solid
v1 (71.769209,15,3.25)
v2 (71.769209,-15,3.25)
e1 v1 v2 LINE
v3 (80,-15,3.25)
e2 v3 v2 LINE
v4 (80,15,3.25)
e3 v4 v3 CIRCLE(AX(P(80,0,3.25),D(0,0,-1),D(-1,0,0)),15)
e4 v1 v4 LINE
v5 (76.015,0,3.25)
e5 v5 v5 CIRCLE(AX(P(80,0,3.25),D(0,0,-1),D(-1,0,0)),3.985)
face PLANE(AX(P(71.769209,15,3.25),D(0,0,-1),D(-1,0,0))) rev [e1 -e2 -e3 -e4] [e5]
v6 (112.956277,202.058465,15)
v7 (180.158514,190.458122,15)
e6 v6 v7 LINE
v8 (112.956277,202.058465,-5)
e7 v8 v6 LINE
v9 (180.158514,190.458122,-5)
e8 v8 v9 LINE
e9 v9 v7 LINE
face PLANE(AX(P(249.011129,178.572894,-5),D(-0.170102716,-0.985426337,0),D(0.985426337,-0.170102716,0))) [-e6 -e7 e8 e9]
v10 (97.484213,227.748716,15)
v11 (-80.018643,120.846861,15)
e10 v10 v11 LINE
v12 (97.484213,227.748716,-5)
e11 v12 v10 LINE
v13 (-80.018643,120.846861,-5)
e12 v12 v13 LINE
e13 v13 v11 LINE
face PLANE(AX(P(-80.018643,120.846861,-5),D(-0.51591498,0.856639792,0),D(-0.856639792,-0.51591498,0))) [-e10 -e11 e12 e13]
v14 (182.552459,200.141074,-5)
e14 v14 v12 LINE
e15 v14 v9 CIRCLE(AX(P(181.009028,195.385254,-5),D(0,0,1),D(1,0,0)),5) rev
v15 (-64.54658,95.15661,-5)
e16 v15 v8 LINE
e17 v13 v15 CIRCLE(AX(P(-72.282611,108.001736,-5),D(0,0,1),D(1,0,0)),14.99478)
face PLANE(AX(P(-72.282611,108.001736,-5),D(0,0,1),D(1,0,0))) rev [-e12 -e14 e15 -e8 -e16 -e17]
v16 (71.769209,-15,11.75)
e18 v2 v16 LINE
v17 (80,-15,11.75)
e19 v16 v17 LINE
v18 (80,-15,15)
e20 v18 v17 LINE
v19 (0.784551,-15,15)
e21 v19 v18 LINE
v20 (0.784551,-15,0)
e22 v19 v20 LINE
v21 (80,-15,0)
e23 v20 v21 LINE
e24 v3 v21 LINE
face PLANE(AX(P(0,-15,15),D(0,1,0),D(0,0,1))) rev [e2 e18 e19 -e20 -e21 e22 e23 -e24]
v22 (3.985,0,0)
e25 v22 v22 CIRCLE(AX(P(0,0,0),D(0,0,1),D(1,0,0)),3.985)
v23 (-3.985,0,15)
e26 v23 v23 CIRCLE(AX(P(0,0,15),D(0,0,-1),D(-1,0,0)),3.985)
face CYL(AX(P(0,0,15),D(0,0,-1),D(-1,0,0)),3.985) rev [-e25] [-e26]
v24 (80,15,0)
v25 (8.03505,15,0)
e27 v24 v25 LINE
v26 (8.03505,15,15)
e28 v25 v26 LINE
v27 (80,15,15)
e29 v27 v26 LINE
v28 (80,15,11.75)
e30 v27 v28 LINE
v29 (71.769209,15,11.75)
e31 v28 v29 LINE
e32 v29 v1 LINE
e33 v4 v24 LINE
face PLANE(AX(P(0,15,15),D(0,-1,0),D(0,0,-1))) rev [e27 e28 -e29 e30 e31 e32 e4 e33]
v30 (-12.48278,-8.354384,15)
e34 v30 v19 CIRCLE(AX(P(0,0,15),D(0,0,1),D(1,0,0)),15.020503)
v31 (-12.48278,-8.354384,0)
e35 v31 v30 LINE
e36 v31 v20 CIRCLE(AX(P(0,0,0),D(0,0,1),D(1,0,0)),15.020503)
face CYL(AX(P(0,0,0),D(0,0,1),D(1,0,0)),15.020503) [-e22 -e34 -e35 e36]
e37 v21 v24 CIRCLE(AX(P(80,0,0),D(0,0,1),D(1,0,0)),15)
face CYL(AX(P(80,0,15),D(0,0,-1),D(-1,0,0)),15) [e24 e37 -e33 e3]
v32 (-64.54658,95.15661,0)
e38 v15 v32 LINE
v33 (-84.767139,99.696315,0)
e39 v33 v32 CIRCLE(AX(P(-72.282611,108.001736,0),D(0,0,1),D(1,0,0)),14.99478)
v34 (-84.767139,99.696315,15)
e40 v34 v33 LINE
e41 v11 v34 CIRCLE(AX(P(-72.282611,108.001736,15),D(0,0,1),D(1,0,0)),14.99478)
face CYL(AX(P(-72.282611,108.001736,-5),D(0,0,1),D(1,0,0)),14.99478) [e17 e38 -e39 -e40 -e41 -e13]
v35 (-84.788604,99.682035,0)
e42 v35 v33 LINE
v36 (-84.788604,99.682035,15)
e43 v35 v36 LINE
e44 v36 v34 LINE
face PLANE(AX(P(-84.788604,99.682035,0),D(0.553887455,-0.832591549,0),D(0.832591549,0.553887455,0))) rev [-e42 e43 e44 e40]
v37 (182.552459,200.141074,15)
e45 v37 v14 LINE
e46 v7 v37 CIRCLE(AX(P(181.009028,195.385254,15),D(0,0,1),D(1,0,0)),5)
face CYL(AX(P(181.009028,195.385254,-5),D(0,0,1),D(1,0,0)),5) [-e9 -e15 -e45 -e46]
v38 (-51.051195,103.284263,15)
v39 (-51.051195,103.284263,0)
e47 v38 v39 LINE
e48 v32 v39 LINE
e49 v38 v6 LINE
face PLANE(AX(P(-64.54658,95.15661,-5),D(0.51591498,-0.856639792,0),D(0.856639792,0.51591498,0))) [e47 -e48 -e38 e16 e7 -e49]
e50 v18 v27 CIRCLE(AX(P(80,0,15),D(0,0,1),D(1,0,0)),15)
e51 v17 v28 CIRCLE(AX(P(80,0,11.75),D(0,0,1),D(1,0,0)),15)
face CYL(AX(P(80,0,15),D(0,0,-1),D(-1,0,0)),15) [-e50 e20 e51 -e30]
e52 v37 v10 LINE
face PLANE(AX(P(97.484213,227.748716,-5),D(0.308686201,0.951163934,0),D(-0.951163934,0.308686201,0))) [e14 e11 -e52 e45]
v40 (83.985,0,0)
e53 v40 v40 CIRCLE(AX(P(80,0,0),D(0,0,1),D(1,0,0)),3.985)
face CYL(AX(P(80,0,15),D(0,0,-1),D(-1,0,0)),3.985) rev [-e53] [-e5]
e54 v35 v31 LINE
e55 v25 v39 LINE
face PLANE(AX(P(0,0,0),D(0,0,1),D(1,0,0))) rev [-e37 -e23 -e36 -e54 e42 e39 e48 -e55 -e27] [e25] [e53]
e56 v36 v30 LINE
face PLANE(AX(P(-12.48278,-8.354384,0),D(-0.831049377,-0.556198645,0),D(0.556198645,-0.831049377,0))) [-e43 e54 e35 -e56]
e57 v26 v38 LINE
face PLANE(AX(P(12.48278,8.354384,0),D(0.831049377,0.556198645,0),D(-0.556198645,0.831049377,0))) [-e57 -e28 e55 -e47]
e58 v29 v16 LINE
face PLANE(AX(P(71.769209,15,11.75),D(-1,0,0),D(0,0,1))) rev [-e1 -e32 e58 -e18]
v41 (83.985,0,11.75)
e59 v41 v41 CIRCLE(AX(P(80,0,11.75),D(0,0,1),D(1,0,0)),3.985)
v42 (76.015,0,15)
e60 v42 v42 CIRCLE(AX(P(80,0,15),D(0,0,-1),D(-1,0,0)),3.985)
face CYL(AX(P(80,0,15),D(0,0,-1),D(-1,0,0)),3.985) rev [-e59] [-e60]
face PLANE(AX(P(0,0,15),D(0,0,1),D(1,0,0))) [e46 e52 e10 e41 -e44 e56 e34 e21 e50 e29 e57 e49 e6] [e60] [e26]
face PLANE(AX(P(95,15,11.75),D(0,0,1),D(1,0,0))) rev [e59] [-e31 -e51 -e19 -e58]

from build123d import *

# Parameters (mm, degrees)
EXTRUDE_1_DEPTH          = 15
CUT_EXTRUDE_1_DEPTH      = 101.747208398
CUT_EXTRUDE_1_DEPTH_BACK = 101.747208398
SKETCH_2_W               = 23.23079143
SKETCH_2_H               = 8.5
CUT_EXTRUDE_2_DEPTH      = 98.33961167
CUT_EXTRUDE_2_DEPTH_BACK = 98.33961167
SKETCH_3_R               = 3.985
EXTRUDE_2_DEPTH          = 15
CUT_EXTRUDE_4_DEPTH      = 157.182605119
CUT_EXTRUDE_4_DEPTH_BACK = 157.182605119
SKETCH_9_R               = 3.985
CUT_EXTRUDE_5_DEPTH      = 157.182605119
CUT_EXTRUDE_5_DEPTH_BACK = 157.182605119
EXTRUDE_5_DEPTH          = 20
FILLET_1_R               = 5


with BuildPart() as part:
    # 草图1 → 凸台-拉伸1 (new body)
    with BuildSketch(Plane.XY):
        with BuildLine():
            Line((0, 15), (80, 15))
            ThreePointArc((80, 15), (95, 0), (80, -15))
            Line((80, -15), (0, -15))
            ThreePointArc((0, -15), (-15, 0), (0, 15))
        make_face()
    extrude(amount=EXTRUDE_1_DEPTH)

    # 草图2 → 切除-拉伸1 (cut, two sides: drawn at the far end of the back side and taken through both)
    with BuildSketch(Plane.XZ.offset(15).offset(-CUT_EXTRUDE_1_DEPTH_BACK)):
        with Locations((83.384604285, 7.5)):
            Rectangle(SKETCH_2_W, SKETCH_2_H)
    extrude(amount=CUT_EXTRUDE_1_DEPTH + CUT_EXTRUDE_1_DEPTH_BACK, mode=Mode.SUBTRACT)

    # 草图3 → 切除-拉伸2 (cut, two sides: drawn at the far end of the back side and taken through both)
    with BuildSketch(Plane(origin=(0, 0, 0), x_dir=(-1, 0, 0), z_dir=(0, 0, -1)).offset(-CUT_EXTRUDE_2_DEPTH_BACK)):
        with Locations((-80, 0)):
            Circle(SKETCH_3_R)
    extrude(amount=CUT_EXTRUDE_2_DEPTH + CUT_EXTRUDE_2_DEPTH_BACK, mode=Mode.SUBTRACT)

    # 草图4 → 凸台-拉伸2 (add)
    with BuildSketch(Plane.XY.offset(15)):
        with BuildLine():
            Line((-12.482779954, -8.354383615), (-84.788603834, 99.682035397))
            ThreePointArc((-84.788603834, 99.682035397), (-80.660207496, 120.519198965), (-59.823043927, 116.390802627))
            Line((-59.823043927, 116.390802627), (12.482779954, 8.354383615))
            ThreePointArc((12.482779954, 8.354383615), (8.354383615, -12.482779954), (-12.482779954, -8.354383615))
        make_face()
    extrude(amount=-EXTRUDE_2_DEPTH)

    # 草图9 → 切除-拉伸4 (cut, two sides: drawn at the far end of the back side and taken through both)
    with BuildSketch(Plane(origin=(0, 0, 0), x_dir=(-1, 0, 0), z_dir=(0, 0, -1)).offset(-CUT_EXTRUDE_4_DEPTH_BACK)):
        Circle(SKETCH_9_R)
    extrude(amount=CUT_EXTRUDE_4_DEPTH + CUT_EXTRUDE_4_DEPTH_BACK, mode=Mode.SUBTRACT)

    # 草图10 → 切除-拉伸5 (cut, two sides: drawn at the far end of the back side and taken through both)
    with BuildSketch(Plane.XY.offset(15).offset(-CUT_EXTRUDE_5_DEPTH_BACK)):
        Polygon((-84.788603834, 99.682035397), (-48.234850364, 123.999680139), (-59.64356033, 141.14900426), (-100.506345589, 113.964745441), (-89.097635623, 96.815421321), align=None)
    extrude(amount=CUT_EXTRUDE_5_DEPTH + CUT_EXTRUDE_5_DEPTH_BACK, mode=Mode.SUBTRACT)

    # 草图11 → 凸台-拉伸5 (add)
    with BuildSketch(Plane.XY.offset(15)):
        with BuildLine():
            Line((97.484212933, 227.748715927), (249.011128895, 178.572894151))
            Line((249.011128895, 178.572894151), (112.956276539, 202.05846487))
            Line((112.956276539, 202.05846487), (-64.546579612, 95.156610362))
            ThreePointArc((-64.546579612, 95.156610362), (-85.127736943, 100.265704087), (-80.018643218, 120.846861419))
            Line((-80.018643218, 120.846861419), (97.484212933, 227.748715927))
        make_face()
    extrude(amount=-EXTRUDE_5_DEPTH)

    # 圆角1
    fillet_1_edges = [part.edges().sort_by_distance(p)[0] for p in [
        (249.011128895, 178.572894151, 5),
    ]]
    fillet(fillet_1_edges, radius=FILLET_1_R)


solid = part.part
